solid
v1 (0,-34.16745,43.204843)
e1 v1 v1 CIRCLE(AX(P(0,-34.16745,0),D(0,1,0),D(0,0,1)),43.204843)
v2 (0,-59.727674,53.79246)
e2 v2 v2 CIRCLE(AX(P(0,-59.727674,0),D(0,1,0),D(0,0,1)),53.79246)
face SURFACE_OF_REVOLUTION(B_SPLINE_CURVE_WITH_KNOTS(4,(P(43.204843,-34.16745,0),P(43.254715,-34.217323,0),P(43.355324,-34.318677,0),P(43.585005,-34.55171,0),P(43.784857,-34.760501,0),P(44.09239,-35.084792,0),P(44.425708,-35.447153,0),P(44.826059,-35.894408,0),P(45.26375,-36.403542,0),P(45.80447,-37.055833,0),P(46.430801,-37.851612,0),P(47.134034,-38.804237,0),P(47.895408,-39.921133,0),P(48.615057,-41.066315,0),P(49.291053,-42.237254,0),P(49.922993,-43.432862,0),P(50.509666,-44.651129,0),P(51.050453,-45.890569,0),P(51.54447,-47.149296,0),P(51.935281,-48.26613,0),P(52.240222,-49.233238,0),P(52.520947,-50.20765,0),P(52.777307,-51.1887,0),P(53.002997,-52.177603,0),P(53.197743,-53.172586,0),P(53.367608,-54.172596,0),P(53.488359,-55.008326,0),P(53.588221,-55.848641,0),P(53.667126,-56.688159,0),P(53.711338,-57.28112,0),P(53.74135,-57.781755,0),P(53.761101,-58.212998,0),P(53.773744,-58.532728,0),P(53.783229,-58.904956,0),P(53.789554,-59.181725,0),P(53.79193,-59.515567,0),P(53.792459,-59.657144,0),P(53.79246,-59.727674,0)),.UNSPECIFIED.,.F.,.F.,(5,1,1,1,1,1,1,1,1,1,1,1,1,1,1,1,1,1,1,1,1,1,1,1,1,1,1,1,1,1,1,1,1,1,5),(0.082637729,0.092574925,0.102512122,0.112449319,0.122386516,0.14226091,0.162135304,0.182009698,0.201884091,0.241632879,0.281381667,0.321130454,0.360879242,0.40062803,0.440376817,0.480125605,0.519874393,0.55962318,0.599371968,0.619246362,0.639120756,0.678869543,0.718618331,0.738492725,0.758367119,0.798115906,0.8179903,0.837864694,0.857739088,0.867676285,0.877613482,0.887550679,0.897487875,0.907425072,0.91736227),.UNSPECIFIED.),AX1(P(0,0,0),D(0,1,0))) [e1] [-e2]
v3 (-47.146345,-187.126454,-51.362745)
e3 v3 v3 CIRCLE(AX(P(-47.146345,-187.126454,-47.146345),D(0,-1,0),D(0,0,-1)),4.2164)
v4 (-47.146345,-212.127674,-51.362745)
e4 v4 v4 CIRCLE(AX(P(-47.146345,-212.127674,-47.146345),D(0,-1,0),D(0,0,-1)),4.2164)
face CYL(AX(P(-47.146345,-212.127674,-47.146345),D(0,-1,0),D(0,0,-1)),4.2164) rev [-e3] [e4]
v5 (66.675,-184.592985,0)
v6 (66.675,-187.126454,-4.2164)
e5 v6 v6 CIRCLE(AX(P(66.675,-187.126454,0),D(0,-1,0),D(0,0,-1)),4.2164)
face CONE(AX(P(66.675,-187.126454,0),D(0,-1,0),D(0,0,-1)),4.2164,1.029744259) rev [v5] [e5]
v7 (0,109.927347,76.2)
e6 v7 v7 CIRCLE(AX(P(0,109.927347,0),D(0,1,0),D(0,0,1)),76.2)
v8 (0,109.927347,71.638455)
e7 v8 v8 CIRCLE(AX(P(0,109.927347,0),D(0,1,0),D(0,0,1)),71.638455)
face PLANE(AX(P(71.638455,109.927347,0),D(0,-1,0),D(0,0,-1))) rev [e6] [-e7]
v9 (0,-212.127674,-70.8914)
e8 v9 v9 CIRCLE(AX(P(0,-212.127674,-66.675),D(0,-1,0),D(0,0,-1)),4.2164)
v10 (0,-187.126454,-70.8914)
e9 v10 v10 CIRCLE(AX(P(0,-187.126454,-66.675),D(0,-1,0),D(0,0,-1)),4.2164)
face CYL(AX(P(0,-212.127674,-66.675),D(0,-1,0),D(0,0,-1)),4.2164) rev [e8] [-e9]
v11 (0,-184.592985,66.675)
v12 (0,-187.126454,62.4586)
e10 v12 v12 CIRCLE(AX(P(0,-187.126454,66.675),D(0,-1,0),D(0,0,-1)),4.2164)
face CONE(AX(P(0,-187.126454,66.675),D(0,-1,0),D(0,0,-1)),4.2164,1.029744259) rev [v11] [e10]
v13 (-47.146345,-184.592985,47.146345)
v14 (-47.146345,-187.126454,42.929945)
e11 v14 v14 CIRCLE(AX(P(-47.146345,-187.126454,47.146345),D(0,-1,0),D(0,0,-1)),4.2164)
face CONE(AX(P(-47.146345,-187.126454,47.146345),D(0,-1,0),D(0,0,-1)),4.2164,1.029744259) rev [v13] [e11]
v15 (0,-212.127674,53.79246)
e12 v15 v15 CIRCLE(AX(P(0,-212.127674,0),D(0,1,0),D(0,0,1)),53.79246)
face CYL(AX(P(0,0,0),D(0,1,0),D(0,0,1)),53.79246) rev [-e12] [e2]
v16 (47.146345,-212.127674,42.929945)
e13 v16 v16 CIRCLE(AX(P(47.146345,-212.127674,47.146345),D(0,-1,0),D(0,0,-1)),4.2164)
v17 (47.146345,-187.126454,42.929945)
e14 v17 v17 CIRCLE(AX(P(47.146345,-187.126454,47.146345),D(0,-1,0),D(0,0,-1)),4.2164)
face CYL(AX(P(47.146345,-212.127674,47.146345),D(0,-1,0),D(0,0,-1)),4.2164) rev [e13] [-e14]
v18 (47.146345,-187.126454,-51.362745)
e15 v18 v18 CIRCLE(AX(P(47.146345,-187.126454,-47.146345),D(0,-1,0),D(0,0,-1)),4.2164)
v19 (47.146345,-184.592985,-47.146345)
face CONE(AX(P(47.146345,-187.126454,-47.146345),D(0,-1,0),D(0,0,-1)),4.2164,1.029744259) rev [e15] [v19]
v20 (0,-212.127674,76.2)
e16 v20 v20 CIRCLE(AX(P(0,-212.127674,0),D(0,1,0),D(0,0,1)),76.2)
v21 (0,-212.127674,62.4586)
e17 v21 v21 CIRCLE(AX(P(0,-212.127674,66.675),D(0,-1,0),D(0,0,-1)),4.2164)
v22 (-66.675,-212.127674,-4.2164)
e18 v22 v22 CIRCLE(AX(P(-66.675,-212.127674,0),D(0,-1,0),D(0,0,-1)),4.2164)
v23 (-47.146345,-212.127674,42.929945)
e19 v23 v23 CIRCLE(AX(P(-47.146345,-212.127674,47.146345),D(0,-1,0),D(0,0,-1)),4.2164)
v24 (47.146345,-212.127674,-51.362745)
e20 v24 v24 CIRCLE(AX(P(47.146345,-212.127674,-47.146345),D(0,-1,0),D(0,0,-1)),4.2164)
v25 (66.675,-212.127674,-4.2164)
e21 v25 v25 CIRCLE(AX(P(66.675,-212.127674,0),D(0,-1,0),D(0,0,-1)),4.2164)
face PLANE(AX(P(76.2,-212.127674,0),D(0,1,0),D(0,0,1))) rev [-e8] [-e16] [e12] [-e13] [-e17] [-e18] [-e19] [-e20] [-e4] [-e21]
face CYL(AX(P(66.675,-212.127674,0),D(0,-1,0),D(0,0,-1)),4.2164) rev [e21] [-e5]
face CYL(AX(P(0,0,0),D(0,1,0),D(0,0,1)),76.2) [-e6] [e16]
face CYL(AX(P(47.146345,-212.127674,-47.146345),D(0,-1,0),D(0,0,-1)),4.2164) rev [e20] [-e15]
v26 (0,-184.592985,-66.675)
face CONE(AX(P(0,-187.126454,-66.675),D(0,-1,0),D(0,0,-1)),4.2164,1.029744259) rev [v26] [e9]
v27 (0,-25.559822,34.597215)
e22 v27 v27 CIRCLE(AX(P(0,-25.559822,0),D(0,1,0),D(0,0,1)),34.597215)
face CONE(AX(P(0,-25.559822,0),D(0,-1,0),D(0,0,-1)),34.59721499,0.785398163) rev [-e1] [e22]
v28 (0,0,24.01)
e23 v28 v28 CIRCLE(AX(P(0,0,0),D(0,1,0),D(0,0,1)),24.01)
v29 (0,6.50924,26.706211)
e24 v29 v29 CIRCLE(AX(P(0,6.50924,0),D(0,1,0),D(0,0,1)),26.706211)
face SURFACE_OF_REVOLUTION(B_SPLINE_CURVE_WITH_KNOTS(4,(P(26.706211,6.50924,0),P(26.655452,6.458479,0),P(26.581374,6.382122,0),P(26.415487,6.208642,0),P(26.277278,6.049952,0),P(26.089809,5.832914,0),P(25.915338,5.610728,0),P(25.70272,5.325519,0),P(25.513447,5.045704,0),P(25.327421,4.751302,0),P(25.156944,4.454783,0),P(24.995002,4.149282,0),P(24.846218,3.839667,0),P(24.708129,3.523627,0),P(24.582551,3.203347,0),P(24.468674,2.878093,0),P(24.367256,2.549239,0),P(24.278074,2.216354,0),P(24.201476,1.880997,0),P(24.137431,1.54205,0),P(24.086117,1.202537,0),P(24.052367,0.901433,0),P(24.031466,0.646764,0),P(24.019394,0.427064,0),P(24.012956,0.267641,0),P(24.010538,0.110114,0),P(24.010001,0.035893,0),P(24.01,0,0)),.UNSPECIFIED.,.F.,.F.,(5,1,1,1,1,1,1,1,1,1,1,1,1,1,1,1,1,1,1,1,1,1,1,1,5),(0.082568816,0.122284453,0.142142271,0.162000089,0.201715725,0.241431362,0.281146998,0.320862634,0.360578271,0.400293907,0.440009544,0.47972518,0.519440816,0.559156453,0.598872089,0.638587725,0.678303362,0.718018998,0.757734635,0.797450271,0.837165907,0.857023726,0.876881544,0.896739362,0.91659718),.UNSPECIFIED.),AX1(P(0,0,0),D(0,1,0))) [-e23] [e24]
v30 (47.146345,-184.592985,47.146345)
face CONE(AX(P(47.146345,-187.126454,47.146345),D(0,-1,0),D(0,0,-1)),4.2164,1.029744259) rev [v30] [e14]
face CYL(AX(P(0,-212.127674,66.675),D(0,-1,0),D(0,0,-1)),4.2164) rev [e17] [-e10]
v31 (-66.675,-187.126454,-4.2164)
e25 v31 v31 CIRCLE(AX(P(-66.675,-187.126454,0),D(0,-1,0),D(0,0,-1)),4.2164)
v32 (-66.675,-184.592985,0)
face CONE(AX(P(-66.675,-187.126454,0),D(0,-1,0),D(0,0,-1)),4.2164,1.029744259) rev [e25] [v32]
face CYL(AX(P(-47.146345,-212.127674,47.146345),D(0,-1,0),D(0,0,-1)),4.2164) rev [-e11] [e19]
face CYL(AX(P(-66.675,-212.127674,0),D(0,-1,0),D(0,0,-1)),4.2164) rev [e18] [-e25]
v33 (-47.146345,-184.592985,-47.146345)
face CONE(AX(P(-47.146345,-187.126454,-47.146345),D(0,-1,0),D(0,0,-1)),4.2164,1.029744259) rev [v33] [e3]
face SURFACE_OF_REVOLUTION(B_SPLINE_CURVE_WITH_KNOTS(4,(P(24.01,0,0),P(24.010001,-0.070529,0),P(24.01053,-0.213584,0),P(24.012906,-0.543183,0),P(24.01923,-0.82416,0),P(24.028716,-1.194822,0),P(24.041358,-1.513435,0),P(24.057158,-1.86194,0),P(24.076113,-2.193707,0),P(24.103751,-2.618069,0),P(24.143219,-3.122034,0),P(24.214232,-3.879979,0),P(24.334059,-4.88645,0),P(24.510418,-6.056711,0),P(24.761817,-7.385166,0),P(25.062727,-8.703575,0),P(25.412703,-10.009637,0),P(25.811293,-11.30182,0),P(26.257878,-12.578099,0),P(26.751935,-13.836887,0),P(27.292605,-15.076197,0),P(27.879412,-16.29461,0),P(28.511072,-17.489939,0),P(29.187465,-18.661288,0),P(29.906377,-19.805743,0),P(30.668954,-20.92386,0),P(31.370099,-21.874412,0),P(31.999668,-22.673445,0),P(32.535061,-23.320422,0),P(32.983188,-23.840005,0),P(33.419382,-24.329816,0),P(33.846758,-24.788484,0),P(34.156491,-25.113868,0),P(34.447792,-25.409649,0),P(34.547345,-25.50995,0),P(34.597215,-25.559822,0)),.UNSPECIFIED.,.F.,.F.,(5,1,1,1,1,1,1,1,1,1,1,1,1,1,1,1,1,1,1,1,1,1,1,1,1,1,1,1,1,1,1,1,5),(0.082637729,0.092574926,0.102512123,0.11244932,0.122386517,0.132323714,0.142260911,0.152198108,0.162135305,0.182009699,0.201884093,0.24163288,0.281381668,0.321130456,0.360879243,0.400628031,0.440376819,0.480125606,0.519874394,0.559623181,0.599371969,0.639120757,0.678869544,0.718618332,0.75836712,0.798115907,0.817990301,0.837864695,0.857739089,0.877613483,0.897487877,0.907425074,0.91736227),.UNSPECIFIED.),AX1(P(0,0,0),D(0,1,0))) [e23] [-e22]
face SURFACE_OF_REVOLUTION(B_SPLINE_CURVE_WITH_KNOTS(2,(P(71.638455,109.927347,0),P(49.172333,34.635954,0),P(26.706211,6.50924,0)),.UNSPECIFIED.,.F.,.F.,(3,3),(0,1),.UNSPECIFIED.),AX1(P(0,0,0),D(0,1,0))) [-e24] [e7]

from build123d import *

# Parameters (mm, degrees)
CIRPATTERN1_COUNT = 8


with BuildPart() as part:
    # Sketch1 → Revolve2 (revolve)
    with BuildSketch(Plane.XY):
        with BuildLine():
            Line((71.638455479, 109.927347077), (76.2, 109.927347077))
            Line((76.2, 109.927347077), (76.2, -212.12767375))
            Line((76.2, -212.12767375), (53.792460136, -212.12767375))
            Line((53.792460136, -212.12767375), (53.792460136, -59.72767375))
            add(Edge.make_bspline(
                [(53.792460136, -59.72767375), (53.792458904, -59.65714368), (53.79192976, -59.515566627), (53.789553906, -59.18172514), (53.783229304, -58.904956016), (53.773743812, -58.532728011), (53.761100911, -58.212998146), (53.741350078, -57.781754967), (53.711337732, -57.281120424), (53.667125562, -56.68815869), (53.588220883, -55.848640892), (53.488359283, -55.008326387), (53.367608198, -54.172595959), (53.197743223, -53.17258577), (53.002996576, -52.177603354), (52.777307499, -51.188699619), (52.520946592, -50.207649576), (52.240221697, -49.233238281), (51.935281085, -48.266129768), (51.544470164, -47.149295616), (51.050452679, -45.89056896), (50.509666057, -44.651129364), (49.922993218, -43.432862093), (49.291052508, -42.237253813), (48.615057493, -41.066315461), (47.895407771, -39.921133247), (47.134034376, -38.804236838), (46.430801288, -37.851612392), (45.804470156, -37.055832736), (45.263749892, -36.403541902), (44.826059154, -35.894408258), (44.42570839, -35.447153287), (44.092389699, -35.084791818), (43.784856817, -34.760500788), (43.585004597, -34.55171009), (43.35532426, -34.318676929), (43.254715338, -34.217322698), (43.20484319, -34.167450311)],
                knots=[0.082637729, 0.082637729, 0.082637729, 0.082637729, 0.082637729, 0.092574926, 0.102512123, 0.11244932, 0.122386517, 0.132323714, 0.142260911, 0.162135305, 0.182009699, 0.201884093, 0.24163288, 0.261507274, 0.281381668, 0.321130456, 0.360879243, 0.380753637, 0.400628031, 0.440376819, 0.480125606, 0.519874394, 0.559623181, 0.599371969, 0.639120757, 0.678869544, 0.718618332, 0.75836712, 0.798115907, 0.817990301, 0.837864695, 0.857739089, 0.877613483, 0.88755068, 0.897487877, 0.907425074, 0.91736227, 0.91736227, 0.91736227, 0.91736227, 0.91736227], degree=4))
            Line((43.20484319, -34.167450311), (34.597214993, -25.559822115))
            add(Edge.make_bspline(
                [(24.01, 0), (24.010001231, -0.070528647), (24.010530378, -0.21358419), (24.012906064, -0.543182916), (24.019230459, -0.824160397), (24.028715581, -1.194822072), (24.041357874, -1.513435058), (24.057158099, -1.861939603), (24.076113358, -2.193706872), (24.103750973, -2.6180694), (24.143219181, -3.122033947), (24.214231843, -3.879978675), (24.334058816, -4.886450388), (24.510418185, -6.05671076), (24.761817377, -7.385166415), (25.062727461, -8.703574514), (25.412702774, -10.009637208), (25.811293137, -11.301819596), (26.257877549, -12.578099334), (26.751935483, -13.836887483), (27.292605285, -15.076197128), (27.879411553, -16.294609793), (28.511071567, -17.489938793), (29.187464568, -18.661287756), (29.906377277, -19.805743395), (30.668954178, -20.923860073), (31.370099373, -21.874411759), (31.999668305, -22.673445479), (32.535060601, -23.320422136), (32.983187953, -23.840005015), (33.419382213, -24.329816244), (33.846758309, -24.788484388), (34.156490828, -25.113868308), (34.447792147, -25.409649045), (34.547344615, -25.50994993), (34.597214993, -25.559822115)],
                knots=[0.082637729, 0.082637729, 0.082637729, 0.082637729, 0.082637729, 0.092574926, 0.102512123, 0.11244932, 0.122386517, 0.132323714, 0.142260911, 0.152198108, 0.162135305, 0.182009699, 0.201884093, 0.24163288, 0.281381668, 0.321130456, 0.360879243, 0.400628031, 0.440376819, 0.480125606, 0.519874394, 0.559623181, 0.599371969, 0.639120757, 0.678869544, 0.718618332, 0.75836712, 0.798115907, 0.817990301, 0.837864695, 0.857739089, 0.877613483, 0.897487877, 0.907425074, 0.91736227, 0.91736227, 0.91736227, 0.91736227, 0.91736227], degree=4))
            add(Edge.make_bspline(
                [(24.01, 0), (24.010000626, 0.035892652), (24.010538457, 0.11011369), (24.012955849, 0.267641069), (24.019393694, 0.427064117), (24.031465725, 0.646764266), (24.052367213, 0.901433328), (24.086116845, 1.202537273), (24.137431431, 1.542050498), (24.201475827, 1.880996777), (24.278073727, 2.21635442), (24.367255697, 2.549239421), (24.468673539, 2.878092645), (24.582551197, 3.203347041), (24.708128897, 3.523627157), (24.846218103, 3.839666733), (24.995002427, 4.149282184), (25.156944348, 4.454783123), (25.327420631, 4.751301575), (25.513446847, 5.045703861), (25.702720396, 5.325518936), (25.9153376, 5.610727543), (26.0898085, 5.832913647), (26.277277882, 6.049951637), (26.415487374, 6.208641646), (26.581374196, 6.382121779), (26.655452387, 6.458478841), (26.706211329, 6.50923965)],
                knots=[0.082568816, 0.082568816, 0.082568816, 0.082568816, 0.082568816, 0.102426634, 0.122284453, 0.142142271, 0.162000089, 0.201715725, 0.241431362, 0.281146998, 0.320862634, 0.360578271, 0.400293907, 0.440009544, 0.47972518, 0.519440816, 0.559156453, 0.598872089, 0.638587725, 0.678303362, 0.718018998, 0.757734635, 0.797450271, 0.837165907, 0.857023726, 0.876881544, 0.91659718, 0.91659718, 0.91659718, 0.91659718, 0.91659718], degree=4))
            add(Edge.make_bspline(
                [(26.706211329, 6.50923965), (49.172333461, 34.635954224), (71.638455479, 109.927347077)],
                knots=[0, 0, 0, 1, 1, 1], degree=2))
        make_face()
    revolve(axis=Axis((0, 0, 0), (0, -1, 0)))

    # Sketch4 → 3/8-24 Tapped Hole1 (revolve, cut)
    with BuildSketch(Plane(origin=(66.675, -212.12767375, 0), x_dir=(0, 0, -1), z_dir=(1, 0, 0))):
        Polygon((0, 0), (0, 27.534688714), (4.2164, 25.00122), (4.2164, 0), align=None)
    f_3_8_24_tapped_hole1 = revolve(axis=Axis((66.675, -218.47767375, 0), (0, 1, 0)), mode=Mode.SUBTRACT)

    # CirPattern1: 3/8-24 Tapped Hole1 ×8 about axis
    cirpattern1_axis = Axis((0, -212.12767375, 0), (0, 1, 0))
    for i in range(1, CIRPATTERN1_COUNT):
        add(f_3_8_24_tapped_hole1.rotate(cirpattern1_axis, i * 360 / CIRPATTERN1_COUNT), mode=Mode.SUBTRACT)


solid = part.part
